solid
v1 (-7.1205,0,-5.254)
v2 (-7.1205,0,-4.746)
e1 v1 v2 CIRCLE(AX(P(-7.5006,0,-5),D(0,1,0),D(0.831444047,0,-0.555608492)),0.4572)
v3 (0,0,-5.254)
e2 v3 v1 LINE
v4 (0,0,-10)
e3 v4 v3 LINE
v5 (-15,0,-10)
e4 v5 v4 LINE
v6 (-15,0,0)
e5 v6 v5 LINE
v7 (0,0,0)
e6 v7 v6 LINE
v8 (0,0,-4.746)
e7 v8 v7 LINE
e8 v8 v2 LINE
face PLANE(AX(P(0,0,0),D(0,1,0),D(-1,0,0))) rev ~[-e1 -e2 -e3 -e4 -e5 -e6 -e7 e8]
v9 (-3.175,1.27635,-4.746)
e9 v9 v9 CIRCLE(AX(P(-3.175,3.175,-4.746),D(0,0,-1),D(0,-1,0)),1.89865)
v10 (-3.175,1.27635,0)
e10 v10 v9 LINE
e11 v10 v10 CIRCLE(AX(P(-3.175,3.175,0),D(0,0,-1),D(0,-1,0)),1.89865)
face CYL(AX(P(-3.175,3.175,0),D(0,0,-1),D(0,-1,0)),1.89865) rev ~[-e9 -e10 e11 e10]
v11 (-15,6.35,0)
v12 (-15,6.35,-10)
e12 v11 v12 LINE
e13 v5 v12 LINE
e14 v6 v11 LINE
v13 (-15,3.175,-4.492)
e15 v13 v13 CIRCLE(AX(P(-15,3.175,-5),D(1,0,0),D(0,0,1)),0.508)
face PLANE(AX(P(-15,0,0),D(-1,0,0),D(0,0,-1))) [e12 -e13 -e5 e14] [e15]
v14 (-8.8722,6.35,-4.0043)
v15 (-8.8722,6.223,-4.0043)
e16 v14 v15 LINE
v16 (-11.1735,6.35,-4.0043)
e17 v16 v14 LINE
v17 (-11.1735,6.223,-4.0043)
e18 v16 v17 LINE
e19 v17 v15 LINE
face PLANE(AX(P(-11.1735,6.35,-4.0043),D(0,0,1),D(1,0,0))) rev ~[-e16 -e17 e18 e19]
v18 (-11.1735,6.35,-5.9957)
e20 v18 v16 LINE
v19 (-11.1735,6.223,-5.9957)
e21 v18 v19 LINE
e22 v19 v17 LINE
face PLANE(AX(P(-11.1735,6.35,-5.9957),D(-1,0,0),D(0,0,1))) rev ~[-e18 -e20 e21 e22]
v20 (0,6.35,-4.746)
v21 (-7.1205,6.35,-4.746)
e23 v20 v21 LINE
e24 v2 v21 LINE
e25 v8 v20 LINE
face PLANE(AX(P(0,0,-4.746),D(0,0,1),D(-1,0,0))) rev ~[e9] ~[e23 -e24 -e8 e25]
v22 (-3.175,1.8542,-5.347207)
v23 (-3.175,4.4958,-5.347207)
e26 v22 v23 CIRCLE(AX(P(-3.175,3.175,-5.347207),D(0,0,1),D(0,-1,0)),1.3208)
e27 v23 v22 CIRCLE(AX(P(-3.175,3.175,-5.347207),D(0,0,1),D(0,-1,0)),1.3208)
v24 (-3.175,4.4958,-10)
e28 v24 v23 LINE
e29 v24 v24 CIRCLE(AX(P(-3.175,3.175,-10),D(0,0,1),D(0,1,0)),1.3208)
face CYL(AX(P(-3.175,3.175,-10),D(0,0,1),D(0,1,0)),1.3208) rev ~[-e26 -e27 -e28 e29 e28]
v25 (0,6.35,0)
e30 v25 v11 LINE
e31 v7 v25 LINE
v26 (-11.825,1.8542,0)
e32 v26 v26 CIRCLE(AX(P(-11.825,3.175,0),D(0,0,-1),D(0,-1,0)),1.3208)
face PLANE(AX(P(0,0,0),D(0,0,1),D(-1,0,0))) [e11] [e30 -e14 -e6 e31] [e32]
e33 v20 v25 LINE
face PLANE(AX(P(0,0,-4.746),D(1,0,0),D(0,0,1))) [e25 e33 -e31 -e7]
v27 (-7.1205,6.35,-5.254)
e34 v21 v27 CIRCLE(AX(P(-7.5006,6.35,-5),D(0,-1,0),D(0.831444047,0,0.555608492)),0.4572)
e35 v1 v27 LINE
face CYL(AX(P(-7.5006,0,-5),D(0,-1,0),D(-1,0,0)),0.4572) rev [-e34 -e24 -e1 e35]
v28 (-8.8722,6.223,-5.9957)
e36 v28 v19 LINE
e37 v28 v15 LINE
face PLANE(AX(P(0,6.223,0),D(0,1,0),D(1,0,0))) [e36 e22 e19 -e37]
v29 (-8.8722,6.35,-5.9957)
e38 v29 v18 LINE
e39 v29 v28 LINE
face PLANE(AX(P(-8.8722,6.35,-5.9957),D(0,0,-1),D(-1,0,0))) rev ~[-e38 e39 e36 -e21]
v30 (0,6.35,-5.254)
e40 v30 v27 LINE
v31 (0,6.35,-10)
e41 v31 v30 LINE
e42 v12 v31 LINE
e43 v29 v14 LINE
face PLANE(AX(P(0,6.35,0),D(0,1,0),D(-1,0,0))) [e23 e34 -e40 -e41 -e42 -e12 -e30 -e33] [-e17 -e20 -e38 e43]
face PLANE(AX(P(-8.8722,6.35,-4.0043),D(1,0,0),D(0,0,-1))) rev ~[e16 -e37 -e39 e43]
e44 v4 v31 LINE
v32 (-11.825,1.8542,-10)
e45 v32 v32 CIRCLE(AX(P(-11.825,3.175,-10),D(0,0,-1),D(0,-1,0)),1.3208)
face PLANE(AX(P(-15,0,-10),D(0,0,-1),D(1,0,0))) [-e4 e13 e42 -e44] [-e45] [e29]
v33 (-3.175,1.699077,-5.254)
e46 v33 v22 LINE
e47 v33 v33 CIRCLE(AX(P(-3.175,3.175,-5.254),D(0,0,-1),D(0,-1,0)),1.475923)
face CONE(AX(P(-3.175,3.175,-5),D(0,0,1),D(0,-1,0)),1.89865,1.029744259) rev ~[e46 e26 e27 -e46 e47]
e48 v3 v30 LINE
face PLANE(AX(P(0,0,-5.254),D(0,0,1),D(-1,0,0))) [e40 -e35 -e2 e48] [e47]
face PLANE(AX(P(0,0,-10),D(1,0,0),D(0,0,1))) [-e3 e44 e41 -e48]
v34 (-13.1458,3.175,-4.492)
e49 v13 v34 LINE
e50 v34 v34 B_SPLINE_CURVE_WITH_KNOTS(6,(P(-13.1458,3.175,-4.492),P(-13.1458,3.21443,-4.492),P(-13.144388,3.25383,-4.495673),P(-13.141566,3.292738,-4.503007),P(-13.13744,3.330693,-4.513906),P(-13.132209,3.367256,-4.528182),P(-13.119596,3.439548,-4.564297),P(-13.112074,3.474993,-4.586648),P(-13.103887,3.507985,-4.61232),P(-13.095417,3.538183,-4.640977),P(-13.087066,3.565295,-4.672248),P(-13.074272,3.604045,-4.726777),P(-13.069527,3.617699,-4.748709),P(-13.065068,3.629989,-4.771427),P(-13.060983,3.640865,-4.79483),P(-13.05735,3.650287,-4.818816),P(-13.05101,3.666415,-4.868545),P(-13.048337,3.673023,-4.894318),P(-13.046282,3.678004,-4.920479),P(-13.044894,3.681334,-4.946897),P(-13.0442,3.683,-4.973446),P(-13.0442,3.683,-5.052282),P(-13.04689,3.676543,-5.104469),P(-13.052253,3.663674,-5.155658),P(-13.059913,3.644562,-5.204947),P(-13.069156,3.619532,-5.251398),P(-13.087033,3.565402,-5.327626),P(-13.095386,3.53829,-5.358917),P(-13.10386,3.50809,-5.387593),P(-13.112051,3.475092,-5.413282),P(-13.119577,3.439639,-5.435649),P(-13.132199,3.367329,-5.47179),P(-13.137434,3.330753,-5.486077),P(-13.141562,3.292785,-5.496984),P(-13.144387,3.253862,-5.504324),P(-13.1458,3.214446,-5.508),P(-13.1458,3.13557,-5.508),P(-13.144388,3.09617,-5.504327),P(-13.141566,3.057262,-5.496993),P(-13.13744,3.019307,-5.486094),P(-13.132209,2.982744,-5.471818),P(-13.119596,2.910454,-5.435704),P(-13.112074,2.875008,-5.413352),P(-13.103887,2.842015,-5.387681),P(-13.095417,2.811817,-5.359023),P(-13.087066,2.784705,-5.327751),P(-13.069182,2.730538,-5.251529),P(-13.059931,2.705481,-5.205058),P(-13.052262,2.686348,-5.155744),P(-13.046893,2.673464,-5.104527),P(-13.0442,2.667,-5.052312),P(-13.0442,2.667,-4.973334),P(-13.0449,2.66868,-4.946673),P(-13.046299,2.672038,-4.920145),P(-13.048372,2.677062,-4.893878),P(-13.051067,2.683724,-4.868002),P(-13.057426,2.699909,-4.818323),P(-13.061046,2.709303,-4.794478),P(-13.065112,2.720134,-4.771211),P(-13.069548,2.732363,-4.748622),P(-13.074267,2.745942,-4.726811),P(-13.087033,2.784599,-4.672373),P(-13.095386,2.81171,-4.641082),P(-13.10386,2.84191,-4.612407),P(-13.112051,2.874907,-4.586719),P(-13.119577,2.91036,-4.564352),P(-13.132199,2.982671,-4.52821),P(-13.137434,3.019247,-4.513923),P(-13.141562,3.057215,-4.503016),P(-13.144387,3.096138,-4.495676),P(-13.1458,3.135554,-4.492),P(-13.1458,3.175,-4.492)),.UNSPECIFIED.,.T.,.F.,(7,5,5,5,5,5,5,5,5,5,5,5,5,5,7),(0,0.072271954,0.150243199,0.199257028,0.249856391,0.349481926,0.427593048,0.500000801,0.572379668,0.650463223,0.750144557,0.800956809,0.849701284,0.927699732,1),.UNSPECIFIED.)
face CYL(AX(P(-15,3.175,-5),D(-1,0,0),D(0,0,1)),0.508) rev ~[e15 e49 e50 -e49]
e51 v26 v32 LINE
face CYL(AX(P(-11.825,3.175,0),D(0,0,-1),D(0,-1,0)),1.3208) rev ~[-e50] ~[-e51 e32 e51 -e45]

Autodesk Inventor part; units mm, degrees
ref_plane "YZ Plane" through (0, 0, 0) normal (1, 0, 0) x (0, 1, 0)
ref_plane "XZ Plane" through (0, 0, 0) normal (0, 1, 0) x (-1, 0, 0)
ref_plane "XY Plane" through (0, 0, 0) normal (0, 0, 1) x (1, 0, 0)
sketch "Sketch1" plane through (0, 0, 0) normal (0, 1, 0) x (-1, 0, 0)
  line L0 (0, 0) -> (15, 0)
  line L1 (15, 0) -> (15, -10)
  line L2 (15, -10) -> (0, -10)
  line L3 (0, -10) -> (0, 0)
  line L4 (0, -5) -> (7.5006, -5)
  circle A0 centre (7.5006, -5) radius 0.4572
  line L5 (0, -5.254) -> (7.1205, -5.254)
  line L6 (0, -4.746) -> (7.1205, -4.746)
  dimension "d0" = 15
  dimension "d1" = 10
  dimension "d2" = 7.5006
  dimension "d3" = 0.9144
  dimension "d4" = 0.254
  dimension "d5" = 0.254
extrude "Extrusion1" add sketch "Sketch1" along normal blind 6.35 contours L0 L1 L2 L3 L5 A0 L6
sketch "Sketch2" plane through (-15, 0, 0) normal (0, 0, 1) x (1, 0, 0)
  line L0 (7.8795, 0) -> (15, 0) projected
  line L1 (15, 0) -> (8.65, 6.35)
  line L2 (15, 6.35) -> (7.8795, 6.35) projected
  line L3 (15, 0) -> (23.9803, 0) construction
  circle A0 centre (11.825, 3.175) radius 1.7526
  line L4 (15, 0) -> (0, 0) projected
  line L5 (0, 0) -> (6.35, 6.35)
  line L6 (7.0422, 6.35) -> (7.8795, 6.35) projected
  line L7 (0, 0) -> (8.9803, 0) construction
  circle A1 centre (3.175, 3.175) radius 1.7526
  dimension "d8" = 135
  dimension "d9" = 3.5052
  dimension "d10" = 45
  dimension "d11" = 3.5052
sketch "Sketch3" plane through (-15, 0, -10) normal (-1, 0, 0) x (0, 0, 1)
  line L0 (0, 6.35) -> (10, 6.35) projected
  line L1 (0, 6.35) -> (10, 0)
  circle A0 centre (5, 3.175) radius 0.508
  dimension "d30" = 1.016
extrude "Extrusion2" cut sketch "Sketch3" against normal blind 3.5001
hole "Hole3" at (-11.825, 3.175, 0) direction (0, 0, -1) diameter 2.6416 end through all thread size "6-32 UNC" class "2B" standard "ANSI Unified Screw Threads"
sketch "Sketch4" plane through (0, 0, -10) normal (0, 0, -1) x (-1, 0, 0)
  line L0 (0, 0) -> (6.35, 6.35)
  line L1 (7.1205, 6.35) -> (0, 6.35) projected
  line L2 (0, 0) -> (8.9803, 0) construction
  line L3 (6.35, 6.35) -> (3.175, 3.175)
  circle A0 centre (3.175, 3.175) radius 1.3208
  dimension "d44" = 45
  dimension "d45" = 2.6416
hole "Hole4" at (-3.175, 3.175, -10) direction (0, 0, 1) diameter 2.6416 depth 5 tip angle 118 thread size "6-32 UNC" class "2B" standard "ANSI Unified Screw Threads"
hole "Hole5" at (-3.175, 3.175, 0) direction (0, 0, -1) diameter 3.7973 depth 5 tip angle 118 clearance for "Flat Head Machine Screw (82)" size "#6" standard "Ansi Unified Screw Threads"
sketch "Sketch5" plane through (0, 6.35, 0) normal (0, 1, 0) x (1, 0, 0)
  arc A0 (-7.1205, 5.254) -> (-7.1205, 4.746) centre (-7.5006, 5) ccw projected
  circle A1 centre (-7.5006, 5) radius 3.81
  circle A2 centre (-7.5006, 5) radius 16.51
  line L0 (-15, 10) -> (-15, 0) projected
  line L1 (-15, 0) -> (-8.65, 0)
  line L2 (-8.65, 0) -> (-8.65, -6.35)
  line L3 (-8.65, -6.35) -> (-15, -6.35)
  line L4 (-15, -6.35) -> (-15, 0)
  line L5 (-15, 10) -> (-8.65, 10)
  line L6 (-8.65, 10) -> (-8.65, 16.35)
  line L7 (-8.65, 16.35) -> (-15, 16.35)
  line L8 (-15, 16.35) -> (-15, 10)
  circle A3 centre (-7.5006, 5) radius 18.4277
  line L9 (-11.825, -9.8552) -> (-14.6952, -9.8552)
  line L10 (-14.6952, -9.8552) -> (-14.6952, -6.35)
  line L11 (-11.825, -9.8552) -> (-8.9548, -9.8552)
  line L12 (-8.9548, -9.8552) -> (-8.9548, -6.35)
  point P0 (0, 0)
  dimension "d60" = 7.62
  dimension "d61" = 33.02
  dimension "d62" = 6.35
  dimension "d63" = 6.35
  dimension "d64" = 6.35
  dimension "d65" = 6.35
  dimension "d66" = 36.8554
  dimension "d68" = 2.8702
  dimension "d69" = 2.8702
sketch "Sketch6" plane through (0, 6.35, 0) normal (0, 1, 0) x (1, 0, 0)
  arc A0 (-7.1205, 5.254) -> (-7.1205, 4.746) centre (-7.5006, 5) ccw projected
  line L0 (-7.9578, 5) -> (-8.8722, 5)
  line L1 (-8.8722, 5) -> (-8.8722, 5.9957)
  line L2 (-8.8722, 5.9957) -> (-11.1735, 5.9957)
  line L3 (-11.1735, 5.9957) -> (-11.1735, 4.0043)
  line L4 (-11.1735, 4.0043) -> (-8.8722, 4.0043)
  line L5 (-8.8722, 4.0043) -> (-8.8722, 5.9957)
  line L6 (-11.1735, 5.9957) -> (-21.1734, 5.9957)
  point P0 (0, 0)
  dimension "d70" = 0.9144
  dimension "d79" = 0.9957
  dimension "d80" = 2.3012
  dimension "d81" = 1.9914
  dimension "d84" = 10
extrude "Extrusion4" cut sketch "Sketch6" against normal blind 0.127
properties part number "clamp(6-32)-th"
